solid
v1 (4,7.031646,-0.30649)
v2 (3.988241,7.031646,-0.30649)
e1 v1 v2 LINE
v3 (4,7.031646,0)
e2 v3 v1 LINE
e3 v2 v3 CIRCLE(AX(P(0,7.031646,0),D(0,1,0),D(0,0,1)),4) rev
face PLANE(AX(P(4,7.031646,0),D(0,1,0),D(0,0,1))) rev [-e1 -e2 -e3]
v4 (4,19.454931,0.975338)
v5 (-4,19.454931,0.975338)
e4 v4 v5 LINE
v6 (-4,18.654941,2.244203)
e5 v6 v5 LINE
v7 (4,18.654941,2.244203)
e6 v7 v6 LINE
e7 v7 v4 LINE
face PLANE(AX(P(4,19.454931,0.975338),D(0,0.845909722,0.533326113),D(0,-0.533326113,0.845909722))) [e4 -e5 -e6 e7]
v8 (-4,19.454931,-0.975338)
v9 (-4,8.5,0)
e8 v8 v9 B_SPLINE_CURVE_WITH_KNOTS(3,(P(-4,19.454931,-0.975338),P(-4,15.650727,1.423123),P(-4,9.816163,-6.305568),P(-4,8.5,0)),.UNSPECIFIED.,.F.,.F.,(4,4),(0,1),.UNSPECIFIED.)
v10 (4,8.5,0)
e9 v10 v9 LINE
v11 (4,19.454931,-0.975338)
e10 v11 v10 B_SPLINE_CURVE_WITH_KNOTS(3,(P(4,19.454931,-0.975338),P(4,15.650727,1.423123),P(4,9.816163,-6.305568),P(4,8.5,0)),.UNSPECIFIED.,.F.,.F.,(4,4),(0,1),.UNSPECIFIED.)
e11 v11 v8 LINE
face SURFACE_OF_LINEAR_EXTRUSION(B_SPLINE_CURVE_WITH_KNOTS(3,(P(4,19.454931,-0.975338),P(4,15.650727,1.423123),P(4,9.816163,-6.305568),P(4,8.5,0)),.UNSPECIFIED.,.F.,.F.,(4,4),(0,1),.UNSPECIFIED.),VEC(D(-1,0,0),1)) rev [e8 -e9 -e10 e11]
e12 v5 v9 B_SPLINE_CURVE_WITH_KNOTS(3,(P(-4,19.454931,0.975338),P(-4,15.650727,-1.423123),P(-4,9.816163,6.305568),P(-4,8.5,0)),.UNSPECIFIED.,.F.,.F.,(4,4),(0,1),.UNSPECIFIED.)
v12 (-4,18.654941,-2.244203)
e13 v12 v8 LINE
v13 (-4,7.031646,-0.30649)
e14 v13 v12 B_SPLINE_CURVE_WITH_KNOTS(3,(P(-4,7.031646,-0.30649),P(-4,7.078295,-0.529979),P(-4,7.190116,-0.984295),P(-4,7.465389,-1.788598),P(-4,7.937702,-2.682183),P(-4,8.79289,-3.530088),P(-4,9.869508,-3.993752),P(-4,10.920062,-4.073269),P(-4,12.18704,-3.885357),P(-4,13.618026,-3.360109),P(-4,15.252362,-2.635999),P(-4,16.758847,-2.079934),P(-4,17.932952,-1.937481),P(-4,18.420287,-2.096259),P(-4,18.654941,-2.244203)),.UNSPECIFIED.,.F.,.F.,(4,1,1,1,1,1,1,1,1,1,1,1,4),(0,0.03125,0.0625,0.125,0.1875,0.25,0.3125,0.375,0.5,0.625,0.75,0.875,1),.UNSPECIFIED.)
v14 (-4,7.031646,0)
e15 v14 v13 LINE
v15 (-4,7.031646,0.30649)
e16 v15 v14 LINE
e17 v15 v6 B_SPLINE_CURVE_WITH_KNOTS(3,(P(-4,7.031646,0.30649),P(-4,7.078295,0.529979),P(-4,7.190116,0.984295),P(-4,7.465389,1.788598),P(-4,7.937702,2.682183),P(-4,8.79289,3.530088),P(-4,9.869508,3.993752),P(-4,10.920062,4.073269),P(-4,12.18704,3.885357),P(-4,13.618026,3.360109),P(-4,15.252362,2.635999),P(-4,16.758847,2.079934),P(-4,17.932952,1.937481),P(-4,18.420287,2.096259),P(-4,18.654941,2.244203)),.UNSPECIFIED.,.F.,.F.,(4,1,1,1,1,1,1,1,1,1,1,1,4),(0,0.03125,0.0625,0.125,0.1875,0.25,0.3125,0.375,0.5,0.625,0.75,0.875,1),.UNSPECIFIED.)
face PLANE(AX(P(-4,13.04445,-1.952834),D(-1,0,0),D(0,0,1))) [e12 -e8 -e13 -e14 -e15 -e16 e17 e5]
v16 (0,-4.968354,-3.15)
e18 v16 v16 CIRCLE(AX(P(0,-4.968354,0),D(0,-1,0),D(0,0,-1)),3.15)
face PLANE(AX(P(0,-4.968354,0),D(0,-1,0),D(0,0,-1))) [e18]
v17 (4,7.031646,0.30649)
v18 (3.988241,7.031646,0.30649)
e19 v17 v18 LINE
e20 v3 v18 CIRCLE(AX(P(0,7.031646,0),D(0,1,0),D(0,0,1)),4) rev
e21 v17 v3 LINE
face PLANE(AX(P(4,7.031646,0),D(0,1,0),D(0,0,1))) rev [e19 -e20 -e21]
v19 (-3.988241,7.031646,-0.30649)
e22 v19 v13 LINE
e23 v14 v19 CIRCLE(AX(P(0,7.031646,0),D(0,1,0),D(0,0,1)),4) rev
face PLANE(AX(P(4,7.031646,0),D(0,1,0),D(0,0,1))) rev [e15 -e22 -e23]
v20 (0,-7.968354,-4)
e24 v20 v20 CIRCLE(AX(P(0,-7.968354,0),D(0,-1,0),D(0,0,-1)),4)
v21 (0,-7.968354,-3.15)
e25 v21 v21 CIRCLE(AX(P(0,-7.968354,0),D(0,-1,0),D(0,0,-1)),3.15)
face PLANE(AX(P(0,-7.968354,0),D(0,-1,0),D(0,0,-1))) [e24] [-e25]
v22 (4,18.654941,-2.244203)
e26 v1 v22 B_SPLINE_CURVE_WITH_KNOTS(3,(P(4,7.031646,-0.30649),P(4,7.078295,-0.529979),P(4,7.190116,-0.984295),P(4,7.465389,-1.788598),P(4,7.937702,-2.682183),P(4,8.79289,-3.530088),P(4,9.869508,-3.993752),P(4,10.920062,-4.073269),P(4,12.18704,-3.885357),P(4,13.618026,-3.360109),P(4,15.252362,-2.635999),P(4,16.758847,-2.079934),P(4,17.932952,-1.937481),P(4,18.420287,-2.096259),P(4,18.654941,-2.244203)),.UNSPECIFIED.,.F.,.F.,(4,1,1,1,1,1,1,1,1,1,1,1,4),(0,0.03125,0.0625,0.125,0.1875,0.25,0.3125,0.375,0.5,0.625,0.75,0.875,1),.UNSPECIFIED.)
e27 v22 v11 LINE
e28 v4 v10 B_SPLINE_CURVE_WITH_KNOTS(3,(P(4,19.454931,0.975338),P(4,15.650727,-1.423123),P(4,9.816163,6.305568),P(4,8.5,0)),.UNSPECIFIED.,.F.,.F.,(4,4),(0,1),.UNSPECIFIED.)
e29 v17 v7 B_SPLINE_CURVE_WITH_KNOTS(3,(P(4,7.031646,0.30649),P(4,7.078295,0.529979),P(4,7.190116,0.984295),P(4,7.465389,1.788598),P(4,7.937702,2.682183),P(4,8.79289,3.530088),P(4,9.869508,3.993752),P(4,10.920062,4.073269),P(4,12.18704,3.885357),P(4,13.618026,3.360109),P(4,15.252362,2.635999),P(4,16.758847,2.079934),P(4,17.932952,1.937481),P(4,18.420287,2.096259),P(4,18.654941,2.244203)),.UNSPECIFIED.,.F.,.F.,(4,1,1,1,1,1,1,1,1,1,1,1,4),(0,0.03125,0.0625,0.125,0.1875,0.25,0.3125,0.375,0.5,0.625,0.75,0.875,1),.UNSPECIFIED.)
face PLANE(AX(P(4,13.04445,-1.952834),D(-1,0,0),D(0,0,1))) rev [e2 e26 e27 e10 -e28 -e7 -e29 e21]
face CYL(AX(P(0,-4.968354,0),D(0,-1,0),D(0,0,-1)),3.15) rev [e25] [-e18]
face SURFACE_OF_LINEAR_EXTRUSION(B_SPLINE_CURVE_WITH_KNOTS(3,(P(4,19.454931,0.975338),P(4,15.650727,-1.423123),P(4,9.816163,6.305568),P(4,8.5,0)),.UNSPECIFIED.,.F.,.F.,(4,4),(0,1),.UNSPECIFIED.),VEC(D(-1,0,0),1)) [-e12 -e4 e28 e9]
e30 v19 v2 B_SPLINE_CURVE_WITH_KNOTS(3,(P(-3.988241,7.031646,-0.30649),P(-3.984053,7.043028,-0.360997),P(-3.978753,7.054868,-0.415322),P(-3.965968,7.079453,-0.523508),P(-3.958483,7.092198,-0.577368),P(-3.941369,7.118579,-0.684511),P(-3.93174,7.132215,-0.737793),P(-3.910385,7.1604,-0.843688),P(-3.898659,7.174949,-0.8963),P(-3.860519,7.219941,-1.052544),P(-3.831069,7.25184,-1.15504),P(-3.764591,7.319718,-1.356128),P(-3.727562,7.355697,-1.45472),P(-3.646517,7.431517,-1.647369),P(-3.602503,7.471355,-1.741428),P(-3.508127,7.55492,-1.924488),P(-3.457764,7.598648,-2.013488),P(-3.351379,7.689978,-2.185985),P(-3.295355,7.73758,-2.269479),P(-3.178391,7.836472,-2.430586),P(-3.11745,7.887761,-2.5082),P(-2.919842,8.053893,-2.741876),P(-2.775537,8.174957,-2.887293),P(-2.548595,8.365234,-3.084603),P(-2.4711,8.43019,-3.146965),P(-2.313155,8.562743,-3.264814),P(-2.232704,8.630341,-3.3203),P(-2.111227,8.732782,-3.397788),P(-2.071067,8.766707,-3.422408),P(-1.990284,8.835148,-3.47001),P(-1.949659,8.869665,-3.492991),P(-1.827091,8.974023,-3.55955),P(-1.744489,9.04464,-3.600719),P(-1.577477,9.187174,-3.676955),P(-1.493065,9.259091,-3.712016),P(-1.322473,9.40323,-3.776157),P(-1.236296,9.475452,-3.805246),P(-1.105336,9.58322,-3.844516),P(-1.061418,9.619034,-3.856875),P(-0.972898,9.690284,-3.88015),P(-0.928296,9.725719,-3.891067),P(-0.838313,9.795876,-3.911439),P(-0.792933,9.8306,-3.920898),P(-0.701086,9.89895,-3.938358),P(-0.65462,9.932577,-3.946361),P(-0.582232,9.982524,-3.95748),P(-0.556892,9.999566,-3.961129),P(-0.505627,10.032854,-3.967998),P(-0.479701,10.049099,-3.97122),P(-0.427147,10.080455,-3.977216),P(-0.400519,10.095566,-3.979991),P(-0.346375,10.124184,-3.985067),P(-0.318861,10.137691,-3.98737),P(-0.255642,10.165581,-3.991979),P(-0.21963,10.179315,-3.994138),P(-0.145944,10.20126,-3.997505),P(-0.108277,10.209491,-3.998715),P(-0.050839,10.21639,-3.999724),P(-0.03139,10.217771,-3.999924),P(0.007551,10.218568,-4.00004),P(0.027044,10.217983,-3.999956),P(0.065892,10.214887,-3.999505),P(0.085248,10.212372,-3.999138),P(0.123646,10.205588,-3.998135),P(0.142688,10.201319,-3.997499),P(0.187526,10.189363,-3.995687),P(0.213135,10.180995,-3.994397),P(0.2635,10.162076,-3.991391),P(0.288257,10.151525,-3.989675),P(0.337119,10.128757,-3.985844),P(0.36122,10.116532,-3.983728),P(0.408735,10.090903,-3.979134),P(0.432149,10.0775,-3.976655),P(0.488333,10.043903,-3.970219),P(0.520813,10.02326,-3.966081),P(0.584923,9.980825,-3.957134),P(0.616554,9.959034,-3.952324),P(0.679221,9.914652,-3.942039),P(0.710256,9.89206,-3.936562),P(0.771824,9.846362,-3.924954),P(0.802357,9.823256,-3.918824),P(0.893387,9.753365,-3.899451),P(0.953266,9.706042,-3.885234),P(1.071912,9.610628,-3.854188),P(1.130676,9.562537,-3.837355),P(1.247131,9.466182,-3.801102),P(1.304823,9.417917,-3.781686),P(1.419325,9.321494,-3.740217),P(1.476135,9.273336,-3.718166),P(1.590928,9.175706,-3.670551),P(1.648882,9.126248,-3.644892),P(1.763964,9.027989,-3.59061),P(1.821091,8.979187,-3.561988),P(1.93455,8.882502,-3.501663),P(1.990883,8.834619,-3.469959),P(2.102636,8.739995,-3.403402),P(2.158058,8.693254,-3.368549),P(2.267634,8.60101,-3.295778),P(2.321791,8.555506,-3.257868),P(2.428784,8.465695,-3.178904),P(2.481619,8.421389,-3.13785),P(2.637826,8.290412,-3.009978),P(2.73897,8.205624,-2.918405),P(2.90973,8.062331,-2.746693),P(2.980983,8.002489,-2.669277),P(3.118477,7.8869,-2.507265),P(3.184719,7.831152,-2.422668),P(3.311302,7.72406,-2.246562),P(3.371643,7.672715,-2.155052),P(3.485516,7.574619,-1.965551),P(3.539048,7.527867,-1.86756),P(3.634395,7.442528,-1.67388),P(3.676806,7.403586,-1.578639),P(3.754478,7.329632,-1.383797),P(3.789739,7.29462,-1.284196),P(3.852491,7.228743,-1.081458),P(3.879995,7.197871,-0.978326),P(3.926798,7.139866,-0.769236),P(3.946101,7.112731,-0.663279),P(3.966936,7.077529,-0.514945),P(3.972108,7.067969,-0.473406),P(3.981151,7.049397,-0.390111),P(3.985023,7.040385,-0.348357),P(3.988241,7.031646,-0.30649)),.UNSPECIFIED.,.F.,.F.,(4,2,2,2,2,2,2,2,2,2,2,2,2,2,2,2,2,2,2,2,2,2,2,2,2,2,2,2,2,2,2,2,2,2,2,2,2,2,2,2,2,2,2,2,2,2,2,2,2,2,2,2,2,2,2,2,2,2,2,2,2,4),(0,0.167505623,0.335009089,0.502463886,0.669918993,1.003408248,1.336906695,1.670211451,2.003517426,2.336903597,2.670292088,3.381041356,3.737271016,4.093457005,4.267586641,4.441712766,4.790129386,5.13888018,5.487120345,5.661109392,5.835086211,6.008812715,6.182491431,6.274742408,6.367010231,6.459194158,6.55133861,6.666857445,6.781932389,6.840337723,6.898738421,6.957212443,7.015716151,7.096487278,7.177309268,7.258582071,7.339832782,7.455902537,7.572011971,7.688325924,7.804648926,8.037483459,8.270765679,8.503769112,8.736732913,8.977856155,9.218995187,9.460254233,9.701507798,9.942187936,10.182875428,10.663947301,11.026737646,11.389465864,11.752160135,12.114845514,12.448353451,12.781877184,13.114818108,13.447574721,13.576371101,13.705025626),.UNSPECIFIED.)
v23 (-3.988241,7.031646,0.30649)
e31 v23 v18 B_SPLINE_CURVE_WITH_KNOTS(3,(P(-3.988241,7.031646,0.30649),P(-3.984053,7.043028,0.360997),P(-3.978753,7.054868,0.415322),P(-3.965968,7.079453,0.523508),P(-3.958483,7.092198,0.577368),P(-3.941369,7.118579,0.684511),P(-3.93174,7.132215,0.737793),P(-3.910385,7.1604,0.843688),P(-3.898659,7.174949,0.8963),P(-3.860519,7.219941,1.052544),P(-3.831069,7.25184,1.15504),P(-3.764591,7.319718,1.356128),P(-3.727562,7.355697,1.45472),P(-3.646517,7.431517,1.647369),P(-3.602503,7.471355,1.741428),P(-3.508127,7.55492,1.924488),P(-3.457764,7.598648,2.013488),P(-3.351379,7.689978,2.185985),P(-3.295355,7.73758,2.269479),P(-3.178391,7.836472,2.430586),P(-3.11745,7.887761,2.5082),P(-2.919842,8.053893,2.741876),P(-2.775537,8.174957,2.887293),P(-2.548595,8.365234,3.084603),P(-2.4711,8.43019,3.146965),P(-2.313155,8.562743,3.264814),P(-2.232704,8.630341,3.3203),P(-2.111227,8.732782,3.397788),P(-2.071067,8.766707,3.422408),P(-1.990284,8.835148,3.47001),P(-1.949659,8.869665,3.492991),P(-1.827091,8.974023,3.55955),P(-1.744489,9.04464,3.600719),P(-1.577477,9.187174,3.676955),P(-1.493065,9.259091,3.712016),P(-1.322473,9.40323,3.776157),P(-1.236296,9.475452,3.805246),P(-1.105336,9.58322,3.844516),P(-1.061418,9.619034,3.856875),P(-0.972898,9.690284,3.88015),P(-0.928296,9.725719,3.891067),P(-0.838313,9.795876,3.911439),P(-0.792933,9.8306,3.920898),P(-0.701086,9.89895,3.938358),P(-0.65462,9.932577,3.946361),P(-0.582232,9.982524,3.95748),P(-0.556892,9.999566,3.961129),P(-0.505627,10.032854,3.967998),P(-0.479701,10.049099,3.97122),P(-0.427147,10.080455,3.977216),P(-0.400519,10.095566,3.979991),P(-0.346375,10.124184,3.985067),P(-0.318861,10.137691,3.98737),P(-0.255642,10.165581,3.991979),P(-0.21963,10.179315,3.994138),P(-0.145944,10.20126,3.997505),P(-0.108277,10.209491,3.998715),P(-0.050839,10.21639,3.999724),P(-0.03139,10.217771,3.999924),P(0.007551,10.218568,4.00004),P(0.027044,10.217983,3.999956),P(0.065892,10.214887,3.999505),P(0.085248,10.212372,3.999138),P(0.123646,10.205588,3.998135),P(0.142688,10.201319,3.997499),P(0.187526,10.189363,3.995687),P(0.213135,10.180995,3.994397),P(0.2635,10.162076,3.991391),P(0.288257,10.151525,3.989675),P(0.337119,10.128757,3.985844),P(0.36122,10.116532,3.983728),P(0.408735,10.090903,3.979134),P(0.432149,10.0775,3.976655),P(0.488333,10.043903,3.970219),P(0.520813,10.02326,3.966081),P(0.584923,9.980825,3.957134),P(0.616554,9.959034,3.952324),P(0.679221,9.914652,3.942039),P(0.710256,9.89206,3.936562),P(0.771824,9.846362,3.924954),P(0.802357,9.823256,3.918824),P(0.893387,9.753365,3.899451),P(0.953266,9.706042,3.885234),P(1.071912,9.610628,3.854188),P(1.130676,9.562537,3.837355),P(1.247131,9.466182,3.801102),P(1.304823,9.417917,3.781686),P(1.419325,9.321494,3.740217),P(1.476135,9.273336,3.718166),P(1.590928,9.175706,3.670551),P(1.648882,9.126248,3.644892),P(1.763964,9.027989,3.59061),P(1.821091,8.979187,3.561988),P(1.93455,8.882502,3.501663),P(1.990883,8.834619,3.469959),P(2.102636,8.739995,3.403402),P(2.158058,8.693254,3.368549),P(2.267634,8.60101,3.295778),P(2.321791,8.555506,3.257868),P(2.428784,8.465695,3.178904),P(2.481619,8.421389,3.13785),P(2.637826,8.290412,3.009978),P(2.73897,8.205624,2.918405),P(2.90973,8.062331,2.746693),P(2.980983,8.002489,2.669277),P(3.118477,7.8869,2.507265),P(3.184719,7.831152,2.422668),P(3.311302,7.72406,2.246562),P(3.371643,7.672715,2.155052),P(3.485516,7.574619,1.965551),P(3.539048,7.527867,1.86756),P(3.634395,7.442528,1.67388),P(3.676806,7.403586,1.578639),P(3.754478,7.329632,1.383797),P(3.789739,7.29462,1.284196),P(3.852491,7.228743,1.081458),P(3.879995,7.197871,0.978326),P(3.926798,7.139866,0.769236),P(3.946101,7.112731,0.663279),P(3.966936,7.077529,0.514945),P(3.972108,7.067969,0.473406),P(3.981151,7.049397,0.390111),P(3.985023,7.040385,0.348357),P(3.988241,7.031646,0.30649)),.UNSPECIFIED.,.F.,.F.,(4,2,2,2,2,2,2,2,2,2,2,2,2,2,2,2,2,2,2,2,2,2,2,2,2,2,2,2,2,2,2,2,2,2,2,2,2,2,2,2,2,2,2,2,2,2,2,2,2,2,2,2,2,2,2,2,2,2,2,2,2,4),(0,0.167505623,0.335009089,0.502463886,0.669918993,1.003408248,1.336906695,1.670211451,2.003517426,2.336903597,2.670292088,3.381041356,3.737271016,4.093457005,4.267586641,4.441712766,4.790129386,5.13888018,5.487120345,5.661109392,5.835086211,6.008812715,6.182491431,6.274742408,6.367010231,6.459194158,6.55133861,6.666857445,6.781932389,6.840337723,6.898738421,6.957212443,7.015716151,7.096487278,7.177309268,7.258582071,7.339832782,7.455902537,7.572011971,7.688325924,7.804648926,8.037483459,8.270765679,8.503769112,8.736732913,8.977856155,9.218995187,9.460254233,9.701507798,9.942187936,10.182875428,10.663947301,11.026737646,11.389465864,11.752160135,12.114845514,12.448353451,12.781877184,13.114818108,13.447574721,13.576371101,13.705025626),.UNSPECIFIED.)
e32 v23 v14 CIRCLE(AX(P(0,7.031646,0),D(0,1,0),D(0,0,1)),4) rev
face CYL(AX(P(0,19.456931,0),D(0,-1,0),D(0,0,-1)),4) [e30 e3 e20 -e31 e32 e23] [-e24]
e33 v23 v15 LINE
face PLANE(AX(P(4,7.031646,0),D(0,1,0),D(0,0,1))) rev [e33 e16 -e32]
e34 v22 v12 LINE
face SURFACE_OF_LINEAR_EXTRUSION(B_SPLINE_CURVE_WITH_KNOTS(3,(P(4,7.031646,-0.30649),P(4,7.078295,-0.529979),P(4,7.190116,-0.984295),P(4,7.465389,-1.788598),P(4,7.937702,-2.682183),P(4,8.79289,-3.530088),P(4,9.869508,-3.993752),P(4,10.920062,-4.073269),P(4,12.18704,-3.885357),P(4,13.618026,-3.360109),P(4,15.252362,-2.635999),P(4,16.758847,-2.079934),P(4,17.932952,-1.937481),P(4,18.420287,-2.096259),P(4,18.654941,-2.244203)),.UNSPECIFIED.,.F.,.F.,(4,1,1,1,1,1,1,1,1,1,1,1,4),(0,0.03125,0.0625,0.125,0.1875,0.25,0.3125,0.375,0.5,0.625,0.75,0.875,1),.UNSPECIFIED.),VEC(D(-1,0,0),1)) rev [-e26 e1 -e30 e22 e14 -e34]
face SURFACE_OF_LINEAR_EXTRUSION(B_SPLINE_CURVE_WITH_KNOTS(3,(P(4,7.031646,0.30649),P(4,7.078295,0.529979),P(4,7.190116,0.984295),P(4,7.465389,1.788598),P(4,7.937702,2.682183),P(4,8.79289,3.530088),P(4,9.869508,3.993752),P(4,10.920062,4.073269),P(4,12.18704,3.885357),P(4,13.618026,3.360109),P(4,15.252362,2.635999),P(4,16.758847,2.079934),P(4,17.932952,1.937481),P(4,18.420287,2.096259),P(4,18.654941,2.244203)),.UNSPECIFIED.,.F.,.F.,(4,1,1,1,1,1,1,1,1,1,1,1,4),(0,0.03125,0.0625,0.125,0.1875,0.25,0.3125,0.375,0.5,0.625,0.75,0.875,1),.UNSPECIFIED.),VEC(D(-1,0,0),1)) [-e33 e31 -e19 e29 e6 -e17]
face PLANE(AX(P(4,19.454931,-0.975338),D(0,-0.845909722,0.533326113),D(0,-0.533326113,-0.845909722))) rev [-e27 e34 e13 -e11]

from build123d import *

# Parameters (mm, degrees)
SKETCH2_W           = 4.8
SKETCH2_H           = 4.8
BOSS_EXTRUDE1_DEPTH = 10
BOSS_EXTRUDE2_DEPTH = 4
CUT_EXTRUDE2_DEPTH  = 13
CHAMFER2_SIZE       = 1
CUT_EXTRUDE3_DEPTH  = 10
BOSS_EXTRUDE4_REACH = 30.006
SKETCH8_R           = 4
SKETCH9_R           = 3.15
CUT_EXTRUDE4_DEPTH  = 3


with BuildPart() as part:
    # Sketch2 → Boss-Extrude1 (new body)
    with BuildSketch(Plane(origin=(0, 0, 0), x_dir=(1, 0, 0), z_dir=(0, 1, 0))):
        Rectangle(SKETCH2_W, SKETCH2_H)
    extrude(amount=BOSS_EXTRUDE1_DEPTH)

    # Sketch3 → Boss-Extrude2 (add, symmetric)
    with BuildSketch(Plane(origin=(0, 0, 0), x_dir=(0, 0, -1), z_dir=(1, 0, 0))):
        with BuildLine():
            Line((0.975338076, 19.454930534), (2.244202659, 18.654941366))
            add(Edge.make_bspline(
                [(0.30648988, 7.031645835), (0.529978824, 7.07829473), (0.984294969, 7.190115645), (1.788597583, 7.465388749), (2.682183374, 7.937701579), (3.530088414, 8.792890438), (3.993751964, 9.86950816), (4.073268982, 10.920061697), (3.885357462, 12.187039531), (3.360108624, 13.61802638), (2.635999183, 15.252362125), (2.079934075, 16.758846516), (1.937481109, 17.932951534), (2.096258838, 18.420287345), (2.244202659, 18.654941366)],
                knots=[0, 0, 0, 0, 0.03125, 0.0625, 0.125, 0.1875, 0.25, 0.3125, 0.375, 0.5, 0.625, 0.75, 0.875, 1, 1, 1, 1], degree=3))
            Line((0.30648988, 7.031645835), (0, 7.031645835))
            Line((0, 7.031645835), (0, 8.5))
            add(Edge.make_bspline(
                [(0, 8.5), (6.305568428, 9.816162649), (-1.423122637, 15.650726713), (0.975338076, 19.454930534)],
                knots=[0, 0, 0, 0, 1, 1, 1, 1], degree=3))
        make_face()
    boss_extrude2 = extrude(amount=BOSS_EXTRUDE2_DEPTH, both=True)

    # Mirror2: Boss-Extrude2 across plane
    add(boss_extrude2.mirror(Plane.XY))

    # Sketch4 → Cut-Extrude2 (cut)
    with BuildSketch(Plane.ZY.offset(4)):
        with BuildLine():
            Line((2.4, 10), (-2.4, 10))
            add(Edge.make_bspline(
                [(0, 8.5), (-1.418719804, 8.796129689), (-2.126988365, 9.320992778), (-2.4, 10)],
                knots=[0.775005248, 0.775005248, 0.775005248, 0.775005248, 1, 1, 1, 1], degree=3))
            add(Edge.make_bspline(
                [(2.4, 10), (2.126988365, 9.320992778), (1.418719804, 8.796129689), (0, 8.5)],
                knots=[0.775005248, 0.775005248, 0.775005248, 0.775005248, 1, 1, 1, 1], degree=3))
        make_face()
    extrude(amount=-CUT_EXTRUDE2_DEPTH, mode=Mode.SUBTRACT)

    # Chamfer2
    chamfer2_edges = [part.edges().sort_by_distance(p)[0] for p in [
        (0, 0, 2.4),
        (-2.4, 0, 0),
        (0, 0, -2.4),
        (2.4, 0, 0),
    ]]
    chamfer(chamfer2_edges, length=CHAMFER2_SIZE)

    # Sketch7 → Cut-Extrude3 (cut)
    with BuildSketch(Plane(origin=(4, 0, 0), x_dir=(0, 0, -1), z_dir=(1, 0, 0))):
        with BuildLine():
            Line((-0.30648988, 7.031645835), (0.30648988, 7.031645835))
            add(Edge.make_bspline(
                [(0.30648988, 7.031645835), (0.529978824, 7.07829473), (0.984294969, 7.190115645), (1.688906484, 7.431269404), (2.145705095, 7.657210623), (2.4, 7.818172285)],
                knots=[0, 0, 0, 0, 0.03125, 0.0625, 0.109506593, 0.109506593, 0.109506593, 0.109506593], degree=3))
            Line((2.4, 7.818172285), (2.4, 0))
            Line((2.4, 0), (-2.4, 0))
            Line((-2.4, 0), (-2.4, 7.818172285))
            add(Edge.make_bspline(
                [(-0.30648988, 7.031645835), (-0.529978824, 7.07829473), (-0.984294969, 7.190115645), (-1.688906484, 7.431269404), (-2.145705095, 7.657210623), (-2.4, 7.818172285)],
                knots=[0, 0, 0, 0, 0.03125, 0.0625, 0.109506593, 0.109506593, 0.109506593, 0.109506593], degree=3))
        make_face()
    extrude(amount=-CUT_EXTRUDE3_DEPTH, mode=Mode.SUBTRACT)

    # Sketch8 → Boss-Extrude4 (add, up to next)
    with BuildSketch(Plane(origin=(0, -7.968354165, 0), x_dir=(-1, 0, 0), z_dir=(0, -1, 0)), mode=Mode.PRIVATE) as boss_extrude4_sk1:
        with Locations(Location((0, 0, 0), (0, 0, 90))):
            Circle(SKETCH8_R)
    boss_extrude4_tool1 = extrude(boss_extrude4_sk1.sketch, amount=-BOSS_EXTRUDE4_REACH, mode=Mode.PRIVATE) - part.part
    add(boss_extrude4_tool1.solids().sort_by_distance((0, -7.968354, 0))[0])

    # Sketch9 → Cut-Extrude4 (cut)
    with BuildSketch(Plane.XZ.offset(7.968354165)):
        with Locations(Location((0, 0, 0), (0, 0, 270))):
            Circle(SKETCH9_R)
    extrude(amount=-CUT_EXTRUDE4_DEPTH, mode=Mode.SUBTRACT)


solid = part.part
